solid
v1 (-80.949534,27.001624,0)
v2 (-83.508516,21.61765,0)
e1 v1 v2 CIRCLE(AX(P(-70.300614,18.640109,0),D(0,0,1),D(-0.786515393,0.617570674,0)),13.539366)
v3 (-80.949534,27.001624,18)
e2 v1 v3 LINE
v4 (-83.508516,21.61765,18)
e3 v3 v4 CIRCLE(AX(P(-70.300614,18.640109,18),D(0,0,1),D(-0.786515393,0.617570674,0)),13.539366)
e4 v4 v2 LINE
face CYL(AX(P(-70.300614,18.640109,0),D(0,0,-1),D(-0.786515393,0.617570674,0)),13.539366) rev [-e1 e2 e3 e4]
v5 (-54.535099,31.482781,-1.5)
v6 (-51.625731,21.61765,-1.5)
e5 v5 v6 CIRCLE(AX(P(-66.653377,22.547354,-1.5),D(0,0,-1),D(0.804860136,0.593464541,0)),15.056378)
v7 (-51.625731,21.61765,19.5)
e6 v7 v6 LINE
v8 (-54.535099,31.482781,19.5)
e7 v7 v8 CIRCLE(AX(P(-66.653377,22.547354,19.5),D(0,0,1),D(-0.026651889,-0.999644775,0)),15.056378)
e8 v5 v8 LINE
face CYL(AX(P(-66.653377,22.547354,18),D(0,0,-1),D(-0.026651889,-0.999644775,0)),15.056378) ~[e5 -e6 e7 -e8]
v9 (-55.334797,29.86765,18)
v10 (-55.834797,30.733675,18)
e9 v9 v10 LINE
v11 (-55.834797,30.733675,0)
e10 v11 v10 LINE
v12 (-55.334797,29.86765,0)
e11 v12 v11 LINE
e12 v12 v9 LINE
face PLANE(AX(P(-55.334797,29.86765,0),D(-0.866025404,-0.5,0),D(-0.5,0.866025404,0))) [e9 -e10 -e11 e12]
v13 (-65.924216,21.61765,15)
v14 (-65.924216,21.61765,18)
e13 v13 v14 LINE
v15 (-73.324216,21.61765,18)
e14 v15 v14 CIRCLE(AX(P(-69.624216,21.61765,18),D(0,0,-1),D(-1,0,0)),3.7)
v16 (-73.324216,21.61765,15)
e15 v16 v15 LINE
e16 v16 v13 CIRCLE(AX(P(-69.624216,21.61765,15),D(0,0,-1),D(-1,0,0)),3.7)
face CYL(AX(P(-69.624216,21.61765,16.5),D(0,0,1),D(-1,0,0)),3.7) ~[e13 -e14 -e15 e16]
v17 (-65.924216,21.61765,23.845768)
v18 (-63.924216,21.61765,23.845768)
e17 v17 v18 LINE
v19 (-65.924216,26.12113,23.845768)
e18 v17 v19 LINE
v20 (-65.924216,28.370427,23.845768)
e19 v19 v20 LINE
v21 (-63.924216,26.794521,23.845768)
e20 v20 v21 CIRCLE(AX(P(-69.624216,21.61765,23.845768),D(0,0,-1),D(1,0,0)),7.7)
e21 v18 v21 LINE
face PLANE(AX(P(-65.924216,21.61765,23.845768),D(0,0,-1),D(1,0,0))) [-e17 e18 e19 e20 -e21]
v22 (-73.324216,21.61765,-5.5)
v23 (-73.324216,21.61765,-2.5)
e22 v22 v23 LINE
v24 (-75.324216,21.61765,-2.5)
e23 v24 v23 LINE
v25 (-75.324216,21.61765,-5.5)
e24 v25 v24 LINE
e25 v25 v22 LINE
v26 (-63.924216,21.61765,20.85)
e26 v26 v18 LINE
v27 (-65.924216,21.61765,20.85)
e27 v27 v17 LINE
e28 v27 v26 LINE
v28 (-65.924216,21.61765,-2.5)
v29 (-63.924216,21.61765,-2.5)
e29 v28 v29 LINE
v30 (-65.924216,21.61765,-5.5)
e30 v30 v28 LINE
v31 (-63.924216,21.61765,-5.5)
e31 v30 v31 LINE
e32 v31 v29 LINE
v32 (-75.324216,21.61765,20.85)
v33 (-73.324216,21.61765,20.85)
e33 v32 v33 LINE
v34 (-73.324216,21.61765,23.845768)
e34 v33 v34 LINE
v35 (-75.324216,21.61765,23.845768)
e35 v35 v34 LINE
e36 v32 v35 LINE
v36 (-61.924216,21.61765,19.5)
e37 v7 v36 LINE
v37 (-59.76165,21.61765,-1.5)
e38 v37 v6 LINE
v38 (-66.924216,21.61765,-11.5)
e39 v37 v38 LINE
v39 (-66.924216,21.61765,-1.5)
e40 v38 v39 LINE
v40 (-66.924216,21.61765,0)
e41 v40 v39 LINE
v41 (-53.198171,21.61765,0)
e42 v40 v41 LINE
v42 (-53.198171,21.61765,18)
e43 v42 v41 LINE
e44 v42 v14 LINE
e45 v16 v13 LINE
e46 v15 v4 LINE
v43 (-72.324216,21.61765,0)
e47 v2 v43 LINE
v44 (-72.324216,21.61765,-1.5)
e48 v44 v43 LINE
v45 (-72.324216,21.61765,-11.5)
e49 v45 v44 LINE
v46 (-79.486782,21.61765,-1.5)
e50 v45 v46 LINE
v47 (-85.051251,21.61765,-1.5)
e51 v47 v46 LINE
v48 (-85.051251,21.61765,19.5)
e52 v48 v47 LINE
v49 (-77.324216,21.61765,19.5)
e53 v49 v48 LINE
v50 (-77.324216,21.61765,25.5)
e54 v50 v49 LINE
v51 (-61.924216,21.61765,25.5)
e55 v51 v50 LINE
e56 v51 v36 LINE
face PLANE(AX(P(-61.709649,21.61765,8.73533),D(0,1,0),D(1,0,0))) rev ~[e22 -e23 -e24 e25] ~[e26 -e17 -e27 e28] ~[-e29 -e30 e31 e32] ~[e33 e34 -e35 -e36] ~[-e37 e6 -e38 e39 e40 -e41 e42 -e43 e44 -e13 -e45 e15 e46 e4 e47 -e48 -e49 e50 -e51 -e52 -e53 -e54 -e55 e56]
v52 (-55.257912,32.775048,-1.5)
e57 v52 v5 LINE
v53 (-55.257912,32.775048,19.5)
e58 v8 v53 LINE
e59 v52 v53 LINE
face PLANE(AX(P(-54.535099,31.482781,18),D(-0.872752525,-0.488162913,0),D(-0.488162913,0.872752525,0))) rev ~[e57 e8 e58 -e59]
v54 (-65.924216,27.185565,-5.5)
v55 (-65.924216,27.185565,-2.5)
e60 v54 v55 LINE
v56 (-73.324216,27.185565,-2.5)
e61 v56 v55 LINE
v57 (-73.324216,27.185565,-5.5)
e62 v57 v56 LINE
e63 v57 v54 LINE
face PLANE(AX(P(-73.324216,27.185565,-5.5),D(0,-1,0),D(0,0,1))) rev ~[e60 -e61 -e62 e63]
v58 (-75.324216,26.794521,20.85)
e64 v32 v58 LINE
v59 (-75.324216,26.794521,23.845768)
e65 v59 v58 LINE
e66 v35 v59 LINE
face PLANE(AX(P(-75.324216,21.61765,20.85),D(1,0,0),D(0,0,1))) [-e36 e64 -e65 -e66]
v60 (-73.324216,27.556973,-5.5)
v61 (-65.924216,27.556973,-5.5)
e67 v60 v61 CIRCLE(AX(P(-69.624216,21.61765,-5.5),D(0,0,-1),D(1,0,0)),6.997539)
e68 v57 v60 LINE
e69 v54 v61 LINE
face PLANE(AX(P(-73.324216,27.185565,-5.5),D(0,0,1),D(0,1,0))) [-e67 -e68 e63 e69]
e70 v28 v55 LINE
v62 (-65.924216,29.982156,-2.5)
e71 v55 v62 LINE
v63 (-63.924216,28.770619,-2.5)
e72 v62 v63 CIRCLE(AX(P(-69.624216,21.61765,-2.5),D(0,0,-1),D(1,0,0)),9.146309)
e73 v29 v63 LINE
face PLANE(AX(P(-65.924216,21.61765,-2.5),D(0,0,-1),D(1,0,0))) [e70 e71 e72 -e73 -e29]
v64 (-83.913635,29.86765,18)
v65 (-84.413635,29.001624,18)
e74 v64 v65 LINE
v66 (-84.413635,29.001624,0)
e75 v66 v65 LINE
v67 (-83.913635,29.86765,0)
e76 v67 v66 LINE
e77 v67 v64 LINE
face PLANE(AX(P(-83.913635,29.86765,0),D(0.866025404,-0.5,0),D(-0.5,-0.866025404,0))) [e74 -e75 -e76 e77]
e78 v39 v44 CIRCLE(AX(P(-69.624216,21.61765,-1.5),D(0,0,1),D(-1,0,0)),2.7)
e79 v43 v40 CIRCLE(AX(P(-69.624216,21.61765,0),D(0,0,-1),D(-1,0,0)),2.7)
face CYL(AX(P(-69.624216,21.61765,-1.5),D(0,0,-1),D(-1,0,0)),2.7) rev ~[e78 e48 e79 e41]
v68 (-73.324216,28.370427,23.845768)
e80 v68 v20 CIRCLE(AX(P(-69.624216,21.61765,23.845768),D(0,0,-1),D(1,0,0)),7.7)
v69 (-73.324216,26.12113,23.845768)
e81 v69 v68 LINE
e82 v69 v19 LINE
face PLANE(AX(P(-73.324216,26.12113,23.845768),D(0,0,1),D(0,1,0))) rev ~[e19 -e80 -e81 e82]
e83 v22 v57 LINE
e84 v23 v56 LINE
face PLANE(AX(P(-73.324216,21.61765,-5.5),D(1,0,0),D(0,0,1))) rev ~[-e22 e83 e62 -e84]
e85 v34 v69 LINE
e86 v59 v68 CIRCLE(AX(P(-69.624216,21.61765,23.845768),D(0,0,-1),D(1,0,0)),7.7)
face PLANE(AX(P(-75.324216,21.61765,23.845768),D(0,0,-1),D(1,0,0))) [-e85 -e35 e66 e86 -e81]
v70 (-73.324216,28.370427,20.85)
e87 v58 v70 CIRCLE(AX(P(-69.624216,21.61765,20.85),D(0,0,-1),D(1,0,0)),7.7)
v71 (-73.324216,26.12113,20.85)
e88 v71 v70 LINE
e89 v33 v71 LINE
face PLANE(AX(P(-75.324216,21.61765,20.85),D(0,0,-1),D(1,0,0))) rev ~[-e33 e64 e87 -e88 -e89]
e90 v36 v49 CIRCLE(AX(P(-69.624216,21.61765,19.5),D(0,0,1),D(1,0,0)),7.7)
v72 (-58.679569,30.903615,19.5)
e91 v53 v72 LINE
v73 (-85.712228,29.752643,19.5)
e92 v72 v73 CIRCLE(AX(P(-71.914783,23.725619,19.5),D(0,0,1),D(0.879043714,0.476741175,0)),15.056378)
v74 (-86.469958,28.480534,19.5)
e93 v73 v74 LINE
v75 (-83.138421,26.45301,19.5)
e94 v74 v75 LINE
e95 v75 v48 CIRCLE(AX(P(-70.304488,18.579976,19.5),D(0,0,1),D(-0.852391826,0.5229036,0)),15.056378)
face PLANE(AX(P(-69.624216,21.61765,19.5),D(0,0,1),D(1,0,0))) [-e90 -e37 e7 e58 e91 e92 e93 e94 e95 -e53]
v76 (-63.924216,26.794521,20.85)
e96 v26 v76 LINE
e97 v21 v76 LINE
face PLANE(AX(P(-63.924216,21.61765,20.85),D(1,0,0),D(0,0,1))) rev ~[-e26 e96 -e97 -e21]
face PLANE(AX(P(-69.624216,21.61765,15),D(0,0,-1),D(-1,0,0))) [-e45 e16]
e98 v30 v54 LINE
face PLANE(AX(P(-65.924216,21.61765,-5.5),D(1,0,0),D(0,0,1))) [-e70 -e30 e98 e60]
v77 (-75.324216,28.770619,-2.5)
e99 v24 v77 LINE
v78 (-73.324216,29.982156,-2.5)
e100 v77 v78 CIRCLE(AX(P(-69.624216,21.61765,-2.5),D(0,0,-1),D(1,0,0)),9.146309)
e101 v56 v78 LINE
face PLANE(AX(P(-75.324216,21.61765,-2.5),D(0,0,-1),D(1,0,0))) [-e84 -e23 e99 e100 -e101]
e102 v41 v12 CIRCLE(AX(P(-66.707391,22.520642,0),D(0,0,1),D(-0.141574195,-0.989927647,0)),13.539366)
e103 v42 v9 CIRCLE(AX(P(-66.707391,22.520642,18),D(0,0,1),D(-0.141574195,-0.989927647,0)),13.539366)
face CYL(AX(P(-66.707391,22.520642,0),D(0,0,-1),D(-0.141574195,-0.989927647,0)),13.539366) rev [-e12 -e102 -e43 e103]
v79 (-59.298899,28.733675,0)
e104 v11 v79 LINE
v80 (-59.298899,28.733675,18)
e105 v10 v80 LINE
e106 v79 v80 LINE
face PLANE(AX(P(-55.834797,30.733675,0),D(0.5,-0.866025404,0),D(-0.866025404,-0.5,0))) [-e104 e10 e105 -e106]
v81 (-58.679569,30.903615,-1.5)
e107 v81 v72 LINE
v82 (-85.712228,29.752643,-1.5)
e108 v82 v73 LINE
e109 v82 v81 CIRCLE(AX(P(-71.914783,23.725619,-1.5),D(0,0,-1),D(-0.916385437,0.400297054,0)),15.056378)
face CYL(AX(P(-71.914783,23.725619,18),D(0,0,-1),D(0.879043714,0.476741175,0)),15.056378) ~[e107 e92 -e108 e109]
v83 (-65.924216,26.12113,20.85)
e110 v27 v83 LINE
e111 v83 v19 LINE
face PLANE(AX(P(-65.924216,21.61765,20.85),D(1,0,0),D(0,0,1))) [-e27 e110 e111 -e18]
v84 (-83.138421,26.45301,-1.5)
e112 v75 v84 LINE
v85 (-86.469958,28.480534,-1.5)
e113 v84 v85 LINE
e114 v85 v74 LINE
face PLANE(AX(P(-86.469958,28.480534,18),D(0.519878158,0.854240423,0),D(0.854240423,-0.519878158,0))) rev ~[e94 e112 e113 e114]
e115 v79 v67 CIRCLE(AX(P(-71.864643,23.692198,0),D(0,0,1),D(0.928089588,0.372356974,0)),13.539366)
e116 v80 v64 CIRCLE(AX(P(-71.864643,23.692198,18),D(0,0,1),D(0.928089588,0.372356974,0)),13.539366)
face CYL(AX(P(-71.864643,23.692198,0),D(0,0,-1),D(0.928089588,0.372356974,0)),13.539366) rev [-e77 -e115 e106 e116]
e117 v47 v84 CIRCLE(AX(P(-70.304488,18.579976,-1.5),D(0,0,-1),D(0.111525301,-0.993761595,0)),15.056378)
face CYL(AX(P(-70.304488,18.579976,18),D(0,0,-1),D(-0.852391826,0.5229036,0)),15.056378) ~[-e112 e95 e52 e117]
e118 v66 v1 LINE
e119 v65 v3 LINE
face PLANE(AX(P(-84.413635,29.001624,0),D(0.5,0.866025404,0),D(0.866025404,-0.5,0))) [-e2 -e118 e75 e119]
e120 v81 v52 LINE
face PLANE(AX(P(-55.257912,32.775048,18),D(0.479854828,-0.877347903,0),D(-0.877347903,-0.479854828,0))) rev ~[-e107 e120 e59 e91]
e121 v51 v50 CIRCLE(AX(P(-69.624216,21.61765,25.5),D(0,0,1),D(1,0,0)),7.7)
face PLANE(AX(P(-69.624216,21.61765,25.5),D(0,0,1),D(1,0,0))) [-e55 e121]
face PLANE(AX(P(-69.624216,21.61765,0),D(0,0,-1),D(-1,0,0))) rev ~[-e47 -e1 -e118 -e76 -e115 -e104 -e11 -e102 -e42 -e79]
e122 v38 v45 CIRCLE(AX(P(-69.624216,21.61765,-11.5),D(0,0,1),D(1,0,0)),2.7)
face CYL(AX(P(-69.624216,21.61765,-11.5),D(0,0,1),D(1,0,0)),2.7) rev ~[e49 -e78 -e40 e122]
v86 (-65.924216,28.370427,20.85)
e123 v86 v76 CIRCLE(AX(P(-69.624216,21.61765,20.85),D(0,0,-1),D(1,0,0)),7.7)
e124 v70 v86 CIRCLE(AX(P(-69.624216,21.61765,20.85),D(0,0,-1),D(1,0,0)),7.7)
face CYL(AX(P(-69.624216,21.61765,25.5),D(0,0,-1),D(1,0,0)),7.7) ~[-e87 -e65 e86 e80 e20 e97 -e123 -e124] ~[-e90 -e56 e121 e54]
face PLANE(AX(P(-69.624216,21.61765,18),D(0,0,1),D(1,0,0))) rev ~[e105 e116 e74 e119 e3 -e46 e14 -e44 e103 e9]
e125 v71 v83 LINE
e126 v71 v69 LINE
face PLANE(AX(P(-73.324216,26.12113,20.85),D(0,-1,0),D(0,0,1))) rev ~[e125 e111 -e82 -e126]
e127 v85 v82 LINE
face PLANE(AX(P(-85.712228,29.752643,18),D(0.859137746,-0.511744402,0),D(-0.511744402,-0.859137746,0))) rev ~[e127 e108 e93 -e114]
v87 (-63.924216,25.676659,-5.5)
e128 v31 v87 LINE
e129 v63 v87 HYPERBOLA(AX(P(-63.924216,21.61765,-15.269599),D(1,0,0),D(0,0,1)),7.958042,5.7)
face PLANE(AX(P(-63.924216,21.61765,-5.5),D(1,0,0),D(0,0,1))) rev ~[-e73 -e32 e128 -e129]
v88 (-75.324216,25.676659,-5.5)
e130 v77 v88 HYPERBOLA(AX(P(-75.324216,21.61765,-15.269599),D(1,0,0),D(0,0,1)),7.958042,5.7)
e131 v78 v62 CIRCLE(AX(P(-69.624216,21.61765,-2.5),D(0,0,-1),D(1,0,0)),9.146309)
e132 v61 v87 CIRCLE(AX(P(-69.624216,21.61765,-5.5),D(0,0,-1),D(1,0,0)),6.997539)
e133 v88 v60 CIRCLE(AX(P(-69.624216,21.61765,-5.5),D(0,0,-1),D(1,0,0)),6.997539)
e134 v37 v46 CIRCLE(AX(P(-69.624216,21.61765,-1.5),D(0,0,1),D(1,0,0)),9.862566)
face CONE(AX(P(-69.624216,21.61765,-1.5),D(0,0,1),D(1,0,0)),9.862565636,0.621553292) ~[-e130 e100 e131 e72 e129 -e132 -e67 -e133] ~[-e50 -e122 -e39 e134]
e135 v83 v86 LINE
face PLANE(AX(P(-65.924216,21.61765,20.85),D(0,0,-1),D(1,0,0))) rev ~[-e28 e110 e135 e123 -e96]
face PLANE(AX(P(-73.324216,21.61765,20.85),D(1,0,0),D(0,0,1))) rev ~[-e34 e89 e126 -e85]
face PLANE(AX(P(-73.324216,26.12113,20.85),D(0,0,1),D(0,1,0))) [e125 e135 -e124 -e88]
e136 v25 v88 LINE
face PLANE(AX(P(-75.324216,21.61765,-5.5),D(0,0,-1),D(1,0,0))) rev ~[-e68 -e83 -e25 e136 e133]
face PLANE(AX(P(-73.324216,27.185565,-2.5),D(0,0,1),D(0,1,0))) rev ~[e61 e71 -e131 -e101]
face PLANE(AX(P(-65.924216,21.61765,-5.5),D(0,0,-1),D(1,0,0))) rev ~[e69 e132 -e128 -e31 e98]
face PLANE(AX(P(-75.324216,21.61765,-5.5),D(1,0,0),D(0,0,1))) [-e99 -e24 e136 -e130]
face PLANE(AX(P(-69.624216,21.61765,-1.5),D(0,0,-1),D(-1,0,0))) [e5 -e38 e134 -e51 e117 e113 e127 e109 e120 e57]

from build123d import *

# Parameters (mm, degrees)
SALIENTE_EXTRUIR1_DEPTH = 18
SALIENTE_EXTRUIR2_START = 1.5
CROQUIS2_R              = 2.7
SALIENTE_EXTRUIR2_DEPTH = 1.5
SALIENTE_EXTRUIR3_DEPTH = 1.5
CROQUIS6_W              = 5.4
CROQUIS6_H              = 1.181933233
SALIENTE_EXTRUIR7_DEPTH = 10
CROQUIS7_W              = 5.4
CROQUIS7_H              = 10
CORTAR_EXTRUIR2_DEPTH   = 16.5
CROQUIS9_W              = 52.468080771
CROQUIS9_H              = 55.683263094
CORTAR_EXTRUIR3_DEPTH   = 30
CROQUIS10_W             = 2
CROQUIS10_H             = 3
CROQUIS10_H_2           = 2.995767736
CORTAR_EXTRUIR4_DEPTH   = 10
CROQUIS11_W             = 2.995767736
CROQUIS11_H             = 6.287117146
CROQUIS11_W_2           = 3
CROQUIS11_H_2           = 6.399149596
CORTAR_EXTRUIR5_DEPTH   = 7.4
CROQUIS12_W             = 3.7
CROQUIS12_H             = 3
REVOLUCI_N2_ANGLE       = 180


with BuildPart() as part:
    # Croquis1 → Saliente-Extruir1 (new body)
    with BuildSketch(Plane.XY):
        with BuildLine():
            Line((-54.535099114, 31.482780649), (-55.25791247, 32.775048384))
            Line((-55.25791247, 32.775048384), (-58.679569293, 30.903614553))
            ThreePointArc((-58.679569293, 30.903614553), (-72.555259572, 38.768368337), (-85.712228427, 29.752642999))
            Line((-85.712228427, 29.752642999), (-86.469958437, 28.480534403))
            Line((-86.469958437, 28.480534403), (-83.138420786, 26.453009587))
            ThreePointArc((-83.138420786, 26.453009587), (-83.011652218, 10.503932418), (-68.625320614, 3.617525822))
            Line((-68.625320614, 3.617525822), (-67.144777249, 3.597366682))
            Line((-67.144777249, 3.597366682), (-67.054658077, 7.49632533))
            ThreePointArc((-67.054658077, 7.49632533), (-53.305736365, 15.580648714), (-54.535099114, 31.482780649))
        make_face()
        with BuildLine():
            Line((-69.624216052, 5.117649823), (-68.624216052, 5.117649823))
            Line((-68.624216052, 5.117649823), (-68.624216052, 9.117649823))
            ThreePointArc((-68.624216052, 9.117649823), (-55.305921191, 15.218525867), (-55.334796889, 29.867649823))
            Line((-55.334796889, 29.867649823), (-55.834796889, 30.733675227))
            Line((-55.834796889, 30.733675227), (-59.298898504, 28.733675227))
            ThreePointArc((-59.298898504, 28.733675227), (-71.241559574, 37.21721889), (-83.913635214, 29.867649823))
            Line((-83.913635214, 29.867649823), (-84.413635214, 29.001624419))
            Line((-84.413635214, 29.001624419), (-80.949533599, 27.001624419))
            ThreePointArc((-80.949533599, 27.001624419), (-82.325167391, 12.417204713), (-69.624216052, 5.117649823))
        make_face(mode=Mode.SUBTRACT)
    extrude(amount=SALIENTE_EXTRUIR1_DEPTH)

    # Croquis2 → Saliente-Extruir2 (add)
    with BuildSketch(Plane(origin=(0, 0, 0), x_dir=(-1, 0, 0), z_dir=(0, 0, -1)).offset(SALIENTE_EXTRUIR2_START)):
        with BuildLine():
            Line((67.054658077, 7.49632533), (67.144777249, 3.597366682))
            Line((67.144777249, 3.597366682), (68.625320614, 3.617525822))
            ThreePointArc((68.625320614, 3.617525822), (83.011652218, 10.503932418), (83.138420786, 26.453009587))
            Line((83.138420786, 26.453009587), (86.469958437, 28.480534403))
            Line((86.469958437, 28.480534403), (85.712228427, 29.752642999))
            ThreePointArc((85.712228427, 29.752642999), (72.555259572, 38.768368337), (58.679569293, 30.903614553))
            Line((58.679569293, 30.903614553), (55.25791247, 32.775048384))
            Line((55.25791247, 32.775048384), (54.535099114, 31.482780649))
            ThreePointArc((54.535099114, 31.482780649), (53.305736365, 15.580648714), (67.054658077, 7.49632533))
        make_face()
        with Locations((69.624216052, 21.617649823)):
            Circle(CROQUIS2_R, mode=Mode.SUBTRACT)
    extrude(amount=-SALIENTE_EXTRUIR2_DEPTH)

    # Croquis3 → Saliente-Extruir3 (add)
    with BuildSketch(Plane.XY.offset(18)):
        with BuildLine():
            Line((-67.144777249, 3.597366682), (-67.054658077, 7.49632533))
            ThreePointArc((-67.054658077, 7.49632533), (-53.305736365, 15.580648714), (-54.535099114, 31.482780649))
            Line((-54.535099114, 31.482780649), (-55.25791247, 32.775048384))
            Line((-55.25791247, 32.775048384), (-58.679569293, 30.903614553))
            ThreePointArc((-58.679569293, 30.903614553), (-72.555259572, 38.768368337), (-85.712228427, 29.752642999))
            Line((-85.712228427, 29.752642999), (-86.469958437, 28.480534403))
            Line((-86.469958437, 28.480534403), (-83.138420786, 26.453009587))
            ThreePointArc((-83.138420786, 26.453009587), (-83.011652218, 10.503932418), (-68.625320614, 3.617525822))
            Line((-68.625320614, 3.617525822), (-67.144777249, 3.597366682))
        make_face()
    extrude(amount=SALIENTE_EXTRUIR3_DEPTH)

    # Croquis6 → Saliente-Extruir7 (add)
    with BuildSketch(Plane(origin=(0, 0, -1.5), x_dir=(-1, 0, 0), z_dir=(0, 0, -1))):
        with Locations((69.624216052, 21.026683207)):
            Rectangle(CROQUIS6_W, CROQUIS6_H)
    extrude(amount=SALIENTE_EXTRUIR7_DEPTH)

    # Croquis7 → Cortar-Extruir2 (cut)
    with BuildSketch(Plane(origin=(0, 21.617649823, 0), x_dir=(1, 0, 0), z_dir=(0, 1, 0))):
        with Locations((-69.624216052, 6.5)):
            Rectangle(CROQUIS7_W, CROQUIS7_H)
    extrude(amount=-CORTAR_EXTRUIR2_DEPTH, mode=Mode.SUBTRACT)

    # Croquis8 → Revolución1 (revolve)
    with BuildSketch(Plane(origin=(0, 21.617649823, 0), x_dir=(1, 0, 0), z_dir=(0, 1, 0)), mode=Mode.PRIVATE) as revoluci_n1_sk:
        Polygon((-72.324216052, 1.5), (-79.486781688, 1.5), (-72.324216052, 11.5), align=None)
        Polygon((-72.324216052, -19.5), (-69.624216052, -19.5), (-69.624216052, -25.5), (-72.324216052, -25.5), (-77.324216052, -25.5), (-77.324216052, -19.5), align=None)
    revolve(revoluci_n1_sk.sketch.rotate(Axis((-69.624216052, 21.617649823, 19.5), (0, 0, 1)), 180), axis=Axis((-69.624216052, 21.617649823, 19.5), (0, 0, 1)))

    # Croquis9 → Cortar-Extruir3 (cut)
    with BuildSketch(Plane(origin=(0, 21.617649823, 0), x_dir=(1, 0, 0), z_dir=(0, 1, 0))):
        with Locations((-61.70964897, -8.735329994)):
            Rectangle(CROQUIS9_W, CROQUIS9_H)
    extrude(amount=-CORTAR_EXTRUIR3_DEPTH, mode=Mode.SUBTRACT)

    # Croquis10 → Cortar-Extruir4 (cut)
    with BuildSketch(Plane.XZ.offset(-21.617649823)):
        with Locations((-64.924216052, -4)):
            Rectangle(CROQUIS10_W, CROQUIS10_H)
        with Locations((-74.324216052, -4)):
            Rectangle(CROQUIS10_W, CROQUIS10_H)
        with Locations((-64.924216052, 22.347883868)):
            Rectangle(CROQUIS10_W, CROQUIS10_H_2)
        with Locations((-74.324216052, 22.347883868)):
            Rectangle(CROQUIS10_W, CROQUIS10_H_2)
    extrude(amount=-CORTAR_EXTRUIR4_DEPTH, mode=Mode.SUBTRACT)

    # Croquis11 → Cortar-Extruir5 (cut)
    with BuildSketch(Plane.ZY.offset(73.324216052)):
        with Locations((22.347883868, 29.264688265)):
            Rectangle(CROQUIS11_W, CROQUIS11_H)
        with Locations((-4, 30.385140174)):
            Rectangle(CROQUIS11_W_2, CROQUIS11_H_2)
    extrude(amount=-CORTAR_EXTRUIR5_DEPTH, mode=Mode.SUBTRACT)

    # Croquis12 → Revolución2 (revolve)
    with BuildSketch(Plane.XZ.offset(-21.617649823)):
        with Locations((-71.474216052, 16.5)):
            Rectangle(CROQUIS12_W, CROQUIS12_H)
    revolve(axis=Axis((-69.624216052, 21.617649823, 18), (0, 0, -1)), revolution_arc=REVOLUCI_N2_ANGLE)


solid = part.part
